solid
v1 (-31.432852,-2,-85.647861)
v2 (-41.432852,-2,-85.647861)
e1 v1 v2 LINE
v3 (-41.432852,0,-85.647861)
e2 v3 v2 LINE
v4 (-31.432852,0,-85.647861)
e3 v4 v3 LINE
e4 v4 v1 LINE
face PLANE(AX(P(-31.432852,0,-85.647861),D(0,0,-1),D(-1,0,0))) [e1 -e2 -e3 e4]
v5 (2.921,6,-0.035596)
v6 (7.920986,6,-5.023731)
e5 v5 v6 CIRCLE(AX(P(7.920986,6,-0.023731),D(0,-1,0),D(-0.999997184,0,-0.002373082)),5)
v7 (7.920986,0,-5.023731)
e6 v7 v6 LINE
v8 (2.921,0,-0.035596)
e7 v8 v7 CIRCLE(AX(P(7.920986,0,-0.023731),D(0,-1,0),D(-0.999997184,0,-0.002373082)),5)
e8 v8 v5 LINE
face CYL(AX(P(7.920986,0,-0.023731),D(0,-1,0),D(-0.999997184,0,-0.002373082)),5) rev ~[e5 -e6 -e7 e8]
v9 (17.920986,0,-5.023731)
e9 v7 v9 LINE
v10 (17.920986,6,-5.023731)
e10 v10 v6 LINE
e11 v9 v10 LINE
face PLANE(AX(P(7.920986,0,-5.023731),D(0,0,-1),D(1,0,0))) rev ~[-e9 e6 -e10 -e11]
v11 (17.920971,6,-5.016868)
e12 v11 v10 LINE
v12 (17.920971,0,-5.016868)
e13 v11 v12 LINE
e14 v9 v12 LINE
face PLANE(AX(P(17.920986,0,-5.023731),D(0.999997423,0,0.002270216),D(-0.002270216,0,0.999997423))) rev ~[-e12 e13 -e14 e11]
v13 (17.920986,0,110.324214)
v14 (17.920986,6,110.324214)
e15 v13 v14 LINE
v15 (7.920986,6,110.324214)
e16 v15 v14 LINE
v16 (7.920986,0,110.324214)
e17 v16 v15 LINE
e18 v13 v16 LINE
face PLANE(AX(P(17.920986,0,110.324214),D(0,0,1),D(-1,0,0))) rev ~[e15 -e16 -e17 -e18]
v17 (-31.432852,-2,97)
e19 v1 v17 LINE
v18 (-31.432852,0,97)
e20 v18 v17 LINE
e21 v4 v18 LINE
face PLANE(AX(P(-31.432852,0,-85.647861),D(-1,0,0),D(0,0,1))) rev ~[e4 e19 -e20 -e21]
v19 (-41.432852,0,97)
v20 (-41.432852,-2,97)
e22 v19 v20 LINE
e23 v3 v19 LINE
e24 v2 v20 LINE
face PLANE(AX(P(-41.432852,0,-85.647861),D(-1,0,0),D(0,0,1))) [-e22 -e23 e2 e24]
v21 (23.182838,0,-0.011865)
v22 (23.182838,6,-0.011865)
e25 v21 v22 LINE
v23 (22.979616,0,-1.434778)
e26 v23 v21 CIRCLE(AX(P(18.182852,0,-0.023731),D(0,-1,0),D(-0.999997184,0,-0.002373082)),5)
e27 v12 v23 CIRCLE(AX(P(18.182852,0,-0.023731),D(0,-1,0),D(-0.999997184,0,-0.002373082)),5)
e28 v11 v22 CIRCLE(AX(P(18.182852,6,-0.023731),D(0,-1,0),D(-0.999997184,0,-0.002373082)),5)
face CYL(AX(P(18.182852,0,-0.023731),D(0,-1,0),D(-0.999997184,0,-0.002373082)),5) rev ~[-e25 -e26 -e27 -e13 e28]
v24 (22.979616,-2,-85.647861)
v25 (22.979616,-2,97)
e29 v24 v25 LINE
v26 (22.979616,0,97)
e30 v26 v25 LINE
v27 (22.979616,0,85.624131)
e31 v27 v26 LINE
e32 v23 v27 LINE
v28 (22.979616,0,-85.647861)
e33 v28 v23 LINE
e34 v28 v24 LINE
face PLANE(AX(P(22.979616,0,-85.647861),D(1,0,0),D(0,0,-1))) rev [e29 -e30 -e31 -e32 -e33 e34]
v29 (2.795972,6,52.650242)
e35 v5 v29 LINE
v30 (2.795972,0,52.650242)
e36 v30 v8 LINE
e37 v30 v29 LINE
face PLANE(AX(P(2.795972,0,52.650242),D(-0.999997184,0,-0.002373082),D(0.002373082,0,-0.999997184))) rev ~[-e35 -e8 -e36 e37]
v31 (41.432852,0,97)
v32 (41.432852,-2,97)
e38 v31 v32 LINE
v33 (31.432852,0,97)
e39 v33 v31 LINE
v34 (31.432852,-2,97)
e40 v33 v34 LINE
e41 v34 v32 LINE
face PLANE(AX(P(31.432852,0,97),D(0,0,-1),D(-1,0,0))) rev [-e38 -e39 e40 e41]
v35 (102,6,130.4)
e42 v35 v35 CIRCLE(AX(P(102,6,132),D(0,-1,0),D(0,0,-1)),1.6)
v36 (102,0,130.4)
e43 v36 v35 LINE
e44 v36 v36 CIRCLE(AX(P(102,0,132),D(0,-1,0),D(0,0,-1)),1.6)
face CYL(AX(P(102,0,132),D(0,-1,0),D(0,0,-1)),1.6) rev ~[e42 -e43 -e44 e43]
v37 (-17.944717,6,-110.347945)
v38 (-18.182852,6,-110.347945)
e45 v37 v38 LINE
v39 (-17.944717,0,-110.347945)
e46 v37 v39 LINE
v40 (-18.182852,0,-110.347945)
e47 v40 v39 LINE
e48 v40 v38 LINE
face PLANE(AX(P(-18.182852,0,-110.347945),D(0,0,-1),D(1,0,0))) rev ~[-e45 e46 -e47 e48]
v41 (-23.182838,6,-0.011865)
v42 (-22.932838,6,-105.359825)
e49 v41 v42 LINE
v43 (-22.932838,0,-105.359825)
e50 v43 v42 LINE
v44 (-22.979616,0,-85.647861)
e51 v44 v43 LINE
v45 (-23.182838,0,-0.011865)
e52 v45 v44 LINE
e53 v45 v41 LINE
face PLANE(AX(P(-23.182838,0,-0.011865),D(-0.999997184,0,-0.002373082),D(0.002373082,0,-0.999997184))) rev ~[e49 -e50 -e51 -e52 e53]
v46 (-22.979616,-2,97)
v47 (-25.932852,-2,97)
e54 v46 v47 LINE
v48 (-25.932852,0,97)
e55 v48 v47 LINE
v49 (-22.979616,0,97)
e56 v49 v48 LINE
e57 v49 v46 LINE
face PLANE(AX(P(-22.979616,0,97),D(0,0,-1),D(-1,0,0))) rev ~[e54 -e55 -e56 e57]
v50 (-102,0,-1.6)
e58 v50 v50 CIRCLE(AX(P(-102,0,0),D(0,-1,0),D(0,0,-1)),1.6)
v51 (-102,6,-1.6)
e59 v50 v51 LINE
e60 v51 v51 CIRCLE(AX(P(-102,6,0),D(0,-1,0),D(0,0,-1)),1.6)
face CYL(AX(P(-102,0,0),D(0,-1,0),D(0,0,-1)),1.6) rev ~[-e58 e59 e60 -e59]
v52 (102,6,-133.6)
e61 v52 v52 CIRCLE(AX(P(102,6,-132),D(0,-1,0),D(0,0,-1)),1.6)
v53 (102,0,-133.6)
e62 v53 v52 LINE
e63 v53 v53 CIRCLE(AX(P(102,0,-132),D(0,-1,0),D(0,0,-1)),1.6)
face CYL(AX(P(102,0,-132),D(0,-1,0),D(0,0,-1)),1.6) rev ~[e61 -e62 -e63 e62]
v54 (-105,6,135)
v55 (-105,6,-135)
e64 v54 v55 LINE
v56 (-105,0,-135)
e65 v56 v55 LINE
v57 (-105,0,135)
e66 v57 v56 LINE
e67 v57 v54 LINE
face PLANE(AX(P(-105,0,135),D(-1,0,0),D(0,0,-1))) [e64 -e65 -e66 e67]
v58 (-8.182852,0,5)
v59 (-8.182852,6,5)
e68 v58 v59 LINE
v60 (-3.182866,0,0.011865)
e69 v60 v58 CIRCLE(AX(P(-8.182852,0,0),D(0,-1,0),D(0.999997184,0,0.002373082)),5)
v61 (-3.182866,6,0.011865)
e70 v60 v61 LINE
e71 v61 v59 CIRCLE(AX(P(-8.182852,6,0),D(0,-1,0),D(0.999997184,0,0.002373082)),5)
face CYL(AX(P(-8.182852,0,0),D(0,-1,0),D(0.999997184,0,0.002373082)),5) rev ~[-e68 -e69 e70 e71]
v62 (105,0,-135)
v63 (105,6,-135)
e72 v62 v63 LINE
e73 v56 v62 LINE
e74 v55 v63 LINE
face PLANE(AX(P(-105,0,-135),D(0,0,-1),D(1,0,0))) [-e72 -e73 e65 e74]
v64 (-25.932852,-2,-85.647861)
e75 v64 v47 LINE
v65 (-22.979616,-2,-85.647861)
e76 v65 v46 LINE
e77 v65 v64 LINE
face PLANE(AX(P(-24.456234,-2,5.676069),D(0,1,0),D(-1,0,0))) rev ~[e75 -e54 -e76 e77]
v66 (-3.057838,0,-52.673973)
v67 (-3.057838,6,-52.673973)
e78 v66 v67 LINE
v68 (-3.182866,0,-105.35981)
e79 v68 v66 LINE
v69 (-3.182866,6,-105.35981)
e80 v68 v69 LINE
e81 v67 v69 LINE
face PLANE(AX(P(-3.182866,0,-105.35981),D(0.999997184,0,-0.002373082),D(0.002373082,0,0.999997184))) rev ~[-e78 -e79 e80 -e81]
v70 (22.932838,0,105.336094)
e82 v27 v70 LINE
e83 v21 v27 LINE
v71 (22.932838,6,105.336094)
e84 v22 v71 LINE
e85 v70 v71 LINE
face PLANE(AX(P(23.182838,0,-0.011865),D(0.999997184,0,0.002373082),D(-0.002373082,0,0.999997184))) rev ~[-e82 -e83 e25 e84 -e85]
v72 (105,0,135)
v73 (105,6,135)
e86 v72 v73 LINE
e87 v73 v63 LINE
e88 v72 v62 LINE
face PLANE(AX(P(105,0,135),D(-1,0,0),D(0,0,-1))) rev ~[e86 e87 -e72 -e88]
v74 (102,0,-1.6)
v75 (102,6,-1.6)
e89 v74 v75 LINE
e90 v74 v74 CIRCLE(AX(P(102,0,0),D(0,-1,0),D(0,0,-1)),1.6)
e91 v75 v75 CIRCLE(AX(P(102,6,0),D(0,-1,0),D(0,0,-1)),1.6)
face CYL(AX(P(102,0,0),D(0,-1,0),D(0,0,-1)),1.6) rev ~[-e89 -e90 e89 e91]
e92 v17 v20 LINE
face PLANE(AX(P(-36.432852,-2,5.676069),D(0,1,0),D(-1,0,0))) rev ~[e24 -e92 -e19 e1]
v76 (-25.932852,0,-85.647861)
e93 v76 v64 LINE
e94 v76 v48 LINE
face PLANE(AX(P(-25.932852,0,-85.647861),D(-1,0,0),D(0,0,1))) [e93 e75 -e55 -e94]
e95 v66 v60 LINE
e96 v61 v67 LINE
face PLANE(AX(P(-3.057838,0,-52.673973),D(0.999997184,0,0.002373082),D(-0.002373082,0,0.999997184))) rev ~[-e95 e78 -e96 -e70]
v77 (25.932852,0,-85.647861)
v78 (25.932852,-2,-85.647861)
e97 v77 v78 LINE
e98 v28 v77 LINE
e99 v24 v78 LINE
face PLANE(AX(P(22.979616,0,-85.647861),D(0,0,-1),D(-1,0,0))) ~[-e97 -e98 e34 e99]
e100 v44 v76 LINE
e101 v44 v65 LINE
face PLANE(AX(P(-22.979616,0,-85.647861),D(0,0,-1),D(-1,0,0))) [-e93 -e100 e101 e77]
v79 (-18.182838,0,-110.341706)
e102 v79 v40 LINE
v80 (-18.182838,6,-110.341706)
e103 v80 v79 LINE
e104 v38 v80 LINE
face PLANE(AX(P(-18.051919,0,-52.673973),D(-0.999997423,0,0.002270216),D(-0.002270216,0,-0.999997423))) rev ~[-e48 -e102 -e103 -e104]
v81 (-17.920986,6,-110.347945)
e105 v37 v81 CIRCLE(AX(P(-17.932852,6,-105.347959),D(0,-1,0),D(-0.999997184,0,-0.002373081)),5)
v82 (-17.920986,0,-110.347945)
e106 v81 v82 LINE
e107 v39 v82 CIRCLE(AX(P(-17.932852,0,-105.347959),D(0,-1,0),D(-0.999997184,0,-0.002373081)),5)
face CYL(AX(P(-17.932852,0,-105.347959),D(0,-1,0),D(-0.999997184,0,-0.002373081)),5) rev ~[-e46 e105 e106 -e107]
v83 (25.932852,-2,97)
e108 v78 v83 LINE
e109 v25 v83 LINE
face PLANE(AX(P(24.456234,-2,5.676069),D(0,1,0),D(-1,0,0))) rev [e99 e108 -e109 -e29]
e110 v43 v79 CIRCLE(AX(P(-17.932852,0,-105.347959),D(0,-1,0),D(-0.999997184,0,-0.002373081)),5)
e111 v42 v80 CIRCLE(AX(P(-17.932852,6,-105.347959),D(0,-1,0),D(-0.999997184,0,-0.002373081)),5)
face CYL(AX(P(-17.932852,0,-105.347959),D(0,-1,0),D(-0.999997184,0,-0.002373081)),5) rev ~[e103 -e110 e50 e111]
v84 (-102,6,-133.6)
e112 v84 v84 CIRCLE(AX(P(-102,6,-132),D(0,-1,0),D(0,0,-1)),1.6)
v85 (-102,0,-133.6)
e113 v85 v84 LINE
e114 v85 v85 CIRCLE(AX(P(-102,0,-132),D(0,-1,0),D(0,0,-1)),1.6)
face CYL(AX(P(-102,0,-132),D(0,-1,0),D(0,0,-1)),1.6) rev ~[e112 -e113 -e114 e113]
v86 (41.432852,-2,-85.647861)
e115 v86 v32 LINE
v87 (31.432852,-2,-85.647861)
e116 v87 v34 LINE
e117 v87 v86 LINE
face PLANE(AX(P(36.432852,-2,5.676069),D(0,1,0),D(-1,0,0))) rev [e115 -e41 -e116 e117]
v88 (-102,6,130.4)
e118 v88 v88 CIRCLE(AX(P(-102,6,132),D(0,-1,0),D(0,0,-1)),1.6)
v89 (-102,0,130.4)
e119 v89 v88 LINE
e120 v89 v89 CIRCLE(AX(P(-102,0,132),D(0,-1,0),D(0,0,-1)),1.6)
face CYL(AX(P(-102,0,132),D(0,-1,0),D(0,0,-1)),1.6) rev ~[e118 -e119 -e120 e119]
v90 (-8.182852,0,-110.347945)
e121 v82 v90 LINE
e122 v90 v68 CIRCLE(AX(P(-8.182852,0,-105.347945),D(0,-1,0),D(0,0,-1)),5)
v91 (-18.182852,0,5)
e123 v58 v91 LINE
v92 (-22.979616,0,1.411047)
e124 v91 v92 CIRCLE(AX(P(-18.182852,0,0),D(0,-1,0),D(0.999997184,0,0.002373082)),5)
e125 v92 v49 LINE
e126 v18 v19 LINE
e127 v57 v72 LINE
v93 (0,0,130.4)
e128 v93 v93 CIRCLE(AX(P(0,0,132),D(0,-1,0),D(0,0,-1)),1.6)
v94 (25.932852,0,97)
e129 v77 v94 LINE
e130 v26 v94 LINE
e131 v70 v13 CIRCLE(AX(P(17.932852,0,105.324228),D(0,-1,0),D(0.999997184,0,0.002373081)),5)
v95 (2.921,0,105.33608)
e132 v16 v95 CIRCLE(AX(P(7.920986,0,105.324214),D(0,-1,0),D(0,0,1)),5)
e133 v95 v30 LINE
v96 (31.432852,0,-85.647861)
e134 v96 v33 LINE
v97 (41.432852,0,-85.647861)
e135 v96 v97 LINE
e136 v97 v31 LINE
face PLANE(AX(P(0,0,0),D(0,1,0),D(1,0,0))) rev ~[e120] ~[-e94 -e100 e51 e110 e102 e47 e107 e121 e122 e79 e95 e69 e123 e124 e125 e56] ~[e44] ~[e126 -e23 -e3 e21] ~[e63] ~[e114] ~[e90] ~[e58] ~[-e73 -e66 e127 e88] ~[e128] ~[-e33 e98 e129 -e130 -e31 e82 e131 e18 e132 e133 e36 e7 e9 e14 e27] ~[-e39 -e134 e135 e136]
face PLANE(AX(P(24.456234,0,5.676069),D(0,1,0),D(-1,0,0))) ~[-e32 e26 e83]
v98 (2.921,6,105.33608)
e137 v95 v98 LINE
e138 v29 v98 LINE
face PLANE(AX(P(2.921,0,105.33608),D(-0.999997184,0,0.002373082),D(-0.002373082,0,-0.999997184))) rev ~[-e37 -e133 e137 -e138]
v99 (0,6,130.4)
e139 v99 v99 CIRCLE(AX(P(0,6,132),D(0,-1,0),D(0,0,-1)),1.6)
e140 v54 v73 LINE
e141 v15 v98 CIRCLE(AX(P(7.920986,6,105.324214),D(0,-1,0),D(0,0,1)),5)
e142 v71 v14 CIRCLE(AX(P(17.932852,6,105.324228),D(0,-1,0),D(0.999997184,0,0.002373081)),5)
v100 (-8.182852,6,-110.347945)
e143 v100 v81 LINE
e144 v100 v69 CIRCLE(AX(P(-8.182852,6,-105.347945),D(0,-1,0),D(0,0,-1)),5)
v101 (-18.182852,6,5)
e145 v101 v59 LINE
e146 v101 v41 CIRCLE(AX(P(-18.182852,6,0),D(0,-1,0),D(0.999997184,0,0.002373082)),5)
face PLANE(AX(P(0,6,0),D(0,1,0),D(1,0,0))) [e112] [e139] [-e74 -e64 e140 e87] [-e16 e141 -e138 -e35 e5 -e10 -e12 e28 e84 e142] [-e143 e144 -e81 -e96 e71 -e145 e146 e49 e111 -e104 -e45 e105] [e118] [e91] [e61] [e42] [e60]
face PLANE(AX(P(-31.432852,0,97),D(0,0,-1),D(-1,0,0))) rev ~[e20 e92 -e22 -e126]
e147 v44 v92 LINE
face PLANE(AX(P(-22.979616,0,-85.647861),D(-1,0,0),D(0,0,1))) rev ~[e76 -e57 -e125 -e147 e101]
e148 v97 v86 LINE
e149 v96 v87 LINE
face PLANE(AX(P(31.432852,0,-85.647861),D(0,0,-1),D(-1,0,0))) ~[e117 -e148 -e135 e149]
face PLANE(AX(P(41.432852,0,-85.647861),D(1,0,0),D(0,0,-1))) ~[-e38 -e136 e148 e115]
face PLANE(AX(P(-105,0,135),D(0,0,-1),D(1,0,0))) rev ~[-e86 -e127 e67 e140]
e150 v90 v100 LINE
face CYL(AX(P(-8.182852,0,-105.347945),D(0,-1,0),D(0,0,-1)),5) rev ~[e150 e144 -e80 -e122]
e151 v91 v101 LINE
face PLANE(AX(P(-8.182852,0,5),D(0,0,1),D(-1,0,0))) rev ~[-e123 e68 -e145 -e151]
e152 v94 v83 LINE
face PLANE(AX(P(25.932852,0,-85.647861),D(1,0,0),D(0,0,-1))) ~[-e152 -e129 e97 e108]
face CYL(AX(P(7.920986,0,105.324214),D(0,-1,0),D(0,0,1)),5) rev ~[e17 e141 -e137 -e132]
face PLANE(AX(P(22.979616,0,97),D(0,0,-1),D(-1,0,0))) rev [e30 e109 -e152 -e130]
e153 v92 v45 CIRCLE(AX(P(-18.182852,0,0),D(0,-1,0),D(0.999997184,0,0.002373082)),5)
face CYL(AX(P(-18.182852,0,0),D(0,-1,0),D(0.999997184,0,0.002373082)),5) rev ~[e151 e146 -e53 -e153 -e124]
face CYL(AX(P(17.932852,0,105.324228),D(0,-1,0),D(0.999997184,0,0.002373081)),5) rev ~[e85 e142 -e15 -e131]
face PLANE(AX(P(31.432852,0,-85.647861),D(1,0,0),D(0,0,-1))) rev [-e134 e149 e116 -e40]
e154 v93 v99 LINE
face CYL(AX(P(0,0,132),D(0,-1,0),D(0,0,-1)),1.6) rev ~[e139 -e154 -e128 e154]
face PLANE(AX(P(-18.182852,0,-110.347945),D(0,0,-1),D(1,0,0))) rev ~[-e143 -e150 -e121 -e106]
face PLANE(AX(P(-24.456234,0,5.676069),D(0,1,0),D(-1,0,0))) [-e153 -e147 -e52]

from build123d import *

# Parameters (mm, degrees)
SKETCH1_W           = 210
SKETCH1_H           = 270
BOSS_EXTRUDE1_DEPTH = 6
BOSS_EXTRUDE2_START = -6
SKETCH2_W           = 10
SKETCH2_H           = 182.647861203
SKETCH2_W_2         = 2.953235851
BOSS_EXTRUDE2_DEPTH = 2
SKETCH3_R           = 1.6
CUT_EXTRUDE1_DEPTH  = 30
CUT_EXTRUDE2_DEPTH  = 10
CUT_EXTRUDE3_DEPTH  = 10


with BuildPart() as part:
    # Sketch1 → Boss-Extrude1 (new body)
    with BuildSketch(Plane(origin=(0, 0, 0), x_dir=(1, 0, 0), z_dir=(0, 1, 0))):
        Rectangle(SKETCH1_W, SKETCH1_H)
        with BuildLine():
            Line((-12.932865781, 105.336093738), (-13.182865781, -0.011865408))
            ThreePointArc((-13.182865781, -0.011865408), (-18.19471711, -4.999985921), (-23.182837623, 0.011865408))
            Line((-23.182837623, 0.011865408), (-22.932837623, 105.359824553))
            ThreePointArc((-22.932837623, 105.359824553), (-17.920986294, 110.347945067), (-12.932865781, 105.336093738))
        make_face(mode=Mode.SUBTRACT)
        with BuildLine():
            Line((12.932865781, -105.312362923), (13.182865781, 0.035596223))
            ThreePointArc((13.182865781, 0.035596223), (18.19471711, 5.023716736), (23.182837623, 0.011865408))
            Line((23.182837623, 0.011865408), (22.932837623, -105.336093738))
            ThreePointArc((22.932837623, -105.336093738), (17.920986294, -110.324214252), (12.932865781, -105.312362923))
        make_face(mode=Mode.SUBTRACT)
    extrude(amount=BOSS_EXTRUDE1_DEPTH)

    # Sketch2 → Boss-Extrude2 (add)
    with BuildSketch(Plane(origin=(0, 6, 0), x_dir=(-1, 0, 0), z_dir=(0, 1, 0)).offset(BOSS_EXTRUDE2_START)):
        with Locations((36.432851702, 5.676069398)):
            Rectangle(SKETCH2_W, SKETCH2_H)
        with Locations((24.456233776, 5.676069398)):
            Rectangle(SKETCH2_W_2, SKETCH2_H)
    boss_extrude2 = extrude(amount=-BOSS_EXTRUDE2_DEPTH)

    # Mirror1: Boss-Extrude2 across plane
    add(boss_extrude2.mirror(Plane(origin=(0, 0, 0), x_dir=(0, 0, 1), z_dir=(1, 0, 0))))

    # Sketch3 → Cut-Extrude1 (cut)
    with BuildSketch(Plane.XZ):
        with Locations(Location((-102, 132, 0), (0, 0, 270))):
            Circle(SKETCH3_R)
        with Locations(Location((0, 132, 0), (0, 0, 270))):
            Circle(SKETCH3_R)
        with Locations(Location((102, 132, 0), (0, 0, 270))):
            Circle(SKETCH3_R)
        with Locations(Location((-102, 0, 0), (0, 0, 270))):
            Circle(SKETCH3_R)
        with Locations(Location((-102, -132, 0), (0, 0, 270))):
            Circle(SKETCH3_R)
        with Locations(Location((102, -132, 0), (0, 0, 270))):
            Circle(SKETCH3_R)
        with Locations(Location((102, 0, 0), (0, 0, 270))):
            Circle(SKETCH3_R)
    extrude(amount=-CUT_EXTRUDE1_DEPTH, mode=Mode.SUBTRACT)

    # Sketch4 → Cut-Extrude2 (cut)
    with BuildSketch(Plane.XZ):
        with BuildLine():
            Line((-8.182851702, 5), (-18.182851702, 5))
            Line((-18.182851702, 5), (-18.051918998, -52.673972533))
            Line((-18.051918998, -52.673972533), (-18.182851702, -110.347945067))
            Line((-18.182851702, -110.347945067), (-8.182851702, -110.347945067))
            ThreePointArc((-8.182851702, -110.347945067), (-4.651515343, -108.887671542), (-3.182865781, -105.359810475))
            Line((-3.182865781, -105.359810475), (-3.05783764, -52.673972533))
            Line((-3.05783764, -52.673972533), (-3.182865781, 0.011865408))
            ThreePointArc((-3.182865781, 0.011865408), (-4.651515343, 3.539726475), (-8.182851702, 5))
        make_face()
    extrude(amount=-CUT_EXTRUDE2_DEPTH, mode=Mode.SUBTRACT)

    # Sketch5 → Cut-Extrude3 (cut)
    with BuildSketch(Plane.XZ):
        with BuildLine():
            Line((7.920986294, -5.023730815), (17.920986294, -5.023730815))
            Line((17.920986294, -5.023730815), (17.790053591, 52.650241718))
            Line((17.790053591, 52.650241718), (17.920986294, 110.324214252))
            Line((17.920986294, 110.324214252), (7.920986294, 110.324214252))
            ThreePointArc((7.920986294, 110.324214252), (4.389649935, 108.863940727), (2.921000373, 105.336079659))
            Line((2.921000373, 105.336079659), (2.795972232, 52.650241718))
            Line((2.795972232, 52.650241718), (2.921000373, -0.035596223))
            ThreePointArc((2.921000373, -0.035596223), (4.389649935, -3.56345729), (7.920986294, -5.023730815))
        make_face()
    extrude(amount=-CUT_EXTRUDE3_DEPTH, mode=Mode.SUBTRACT)


solid = part.part
